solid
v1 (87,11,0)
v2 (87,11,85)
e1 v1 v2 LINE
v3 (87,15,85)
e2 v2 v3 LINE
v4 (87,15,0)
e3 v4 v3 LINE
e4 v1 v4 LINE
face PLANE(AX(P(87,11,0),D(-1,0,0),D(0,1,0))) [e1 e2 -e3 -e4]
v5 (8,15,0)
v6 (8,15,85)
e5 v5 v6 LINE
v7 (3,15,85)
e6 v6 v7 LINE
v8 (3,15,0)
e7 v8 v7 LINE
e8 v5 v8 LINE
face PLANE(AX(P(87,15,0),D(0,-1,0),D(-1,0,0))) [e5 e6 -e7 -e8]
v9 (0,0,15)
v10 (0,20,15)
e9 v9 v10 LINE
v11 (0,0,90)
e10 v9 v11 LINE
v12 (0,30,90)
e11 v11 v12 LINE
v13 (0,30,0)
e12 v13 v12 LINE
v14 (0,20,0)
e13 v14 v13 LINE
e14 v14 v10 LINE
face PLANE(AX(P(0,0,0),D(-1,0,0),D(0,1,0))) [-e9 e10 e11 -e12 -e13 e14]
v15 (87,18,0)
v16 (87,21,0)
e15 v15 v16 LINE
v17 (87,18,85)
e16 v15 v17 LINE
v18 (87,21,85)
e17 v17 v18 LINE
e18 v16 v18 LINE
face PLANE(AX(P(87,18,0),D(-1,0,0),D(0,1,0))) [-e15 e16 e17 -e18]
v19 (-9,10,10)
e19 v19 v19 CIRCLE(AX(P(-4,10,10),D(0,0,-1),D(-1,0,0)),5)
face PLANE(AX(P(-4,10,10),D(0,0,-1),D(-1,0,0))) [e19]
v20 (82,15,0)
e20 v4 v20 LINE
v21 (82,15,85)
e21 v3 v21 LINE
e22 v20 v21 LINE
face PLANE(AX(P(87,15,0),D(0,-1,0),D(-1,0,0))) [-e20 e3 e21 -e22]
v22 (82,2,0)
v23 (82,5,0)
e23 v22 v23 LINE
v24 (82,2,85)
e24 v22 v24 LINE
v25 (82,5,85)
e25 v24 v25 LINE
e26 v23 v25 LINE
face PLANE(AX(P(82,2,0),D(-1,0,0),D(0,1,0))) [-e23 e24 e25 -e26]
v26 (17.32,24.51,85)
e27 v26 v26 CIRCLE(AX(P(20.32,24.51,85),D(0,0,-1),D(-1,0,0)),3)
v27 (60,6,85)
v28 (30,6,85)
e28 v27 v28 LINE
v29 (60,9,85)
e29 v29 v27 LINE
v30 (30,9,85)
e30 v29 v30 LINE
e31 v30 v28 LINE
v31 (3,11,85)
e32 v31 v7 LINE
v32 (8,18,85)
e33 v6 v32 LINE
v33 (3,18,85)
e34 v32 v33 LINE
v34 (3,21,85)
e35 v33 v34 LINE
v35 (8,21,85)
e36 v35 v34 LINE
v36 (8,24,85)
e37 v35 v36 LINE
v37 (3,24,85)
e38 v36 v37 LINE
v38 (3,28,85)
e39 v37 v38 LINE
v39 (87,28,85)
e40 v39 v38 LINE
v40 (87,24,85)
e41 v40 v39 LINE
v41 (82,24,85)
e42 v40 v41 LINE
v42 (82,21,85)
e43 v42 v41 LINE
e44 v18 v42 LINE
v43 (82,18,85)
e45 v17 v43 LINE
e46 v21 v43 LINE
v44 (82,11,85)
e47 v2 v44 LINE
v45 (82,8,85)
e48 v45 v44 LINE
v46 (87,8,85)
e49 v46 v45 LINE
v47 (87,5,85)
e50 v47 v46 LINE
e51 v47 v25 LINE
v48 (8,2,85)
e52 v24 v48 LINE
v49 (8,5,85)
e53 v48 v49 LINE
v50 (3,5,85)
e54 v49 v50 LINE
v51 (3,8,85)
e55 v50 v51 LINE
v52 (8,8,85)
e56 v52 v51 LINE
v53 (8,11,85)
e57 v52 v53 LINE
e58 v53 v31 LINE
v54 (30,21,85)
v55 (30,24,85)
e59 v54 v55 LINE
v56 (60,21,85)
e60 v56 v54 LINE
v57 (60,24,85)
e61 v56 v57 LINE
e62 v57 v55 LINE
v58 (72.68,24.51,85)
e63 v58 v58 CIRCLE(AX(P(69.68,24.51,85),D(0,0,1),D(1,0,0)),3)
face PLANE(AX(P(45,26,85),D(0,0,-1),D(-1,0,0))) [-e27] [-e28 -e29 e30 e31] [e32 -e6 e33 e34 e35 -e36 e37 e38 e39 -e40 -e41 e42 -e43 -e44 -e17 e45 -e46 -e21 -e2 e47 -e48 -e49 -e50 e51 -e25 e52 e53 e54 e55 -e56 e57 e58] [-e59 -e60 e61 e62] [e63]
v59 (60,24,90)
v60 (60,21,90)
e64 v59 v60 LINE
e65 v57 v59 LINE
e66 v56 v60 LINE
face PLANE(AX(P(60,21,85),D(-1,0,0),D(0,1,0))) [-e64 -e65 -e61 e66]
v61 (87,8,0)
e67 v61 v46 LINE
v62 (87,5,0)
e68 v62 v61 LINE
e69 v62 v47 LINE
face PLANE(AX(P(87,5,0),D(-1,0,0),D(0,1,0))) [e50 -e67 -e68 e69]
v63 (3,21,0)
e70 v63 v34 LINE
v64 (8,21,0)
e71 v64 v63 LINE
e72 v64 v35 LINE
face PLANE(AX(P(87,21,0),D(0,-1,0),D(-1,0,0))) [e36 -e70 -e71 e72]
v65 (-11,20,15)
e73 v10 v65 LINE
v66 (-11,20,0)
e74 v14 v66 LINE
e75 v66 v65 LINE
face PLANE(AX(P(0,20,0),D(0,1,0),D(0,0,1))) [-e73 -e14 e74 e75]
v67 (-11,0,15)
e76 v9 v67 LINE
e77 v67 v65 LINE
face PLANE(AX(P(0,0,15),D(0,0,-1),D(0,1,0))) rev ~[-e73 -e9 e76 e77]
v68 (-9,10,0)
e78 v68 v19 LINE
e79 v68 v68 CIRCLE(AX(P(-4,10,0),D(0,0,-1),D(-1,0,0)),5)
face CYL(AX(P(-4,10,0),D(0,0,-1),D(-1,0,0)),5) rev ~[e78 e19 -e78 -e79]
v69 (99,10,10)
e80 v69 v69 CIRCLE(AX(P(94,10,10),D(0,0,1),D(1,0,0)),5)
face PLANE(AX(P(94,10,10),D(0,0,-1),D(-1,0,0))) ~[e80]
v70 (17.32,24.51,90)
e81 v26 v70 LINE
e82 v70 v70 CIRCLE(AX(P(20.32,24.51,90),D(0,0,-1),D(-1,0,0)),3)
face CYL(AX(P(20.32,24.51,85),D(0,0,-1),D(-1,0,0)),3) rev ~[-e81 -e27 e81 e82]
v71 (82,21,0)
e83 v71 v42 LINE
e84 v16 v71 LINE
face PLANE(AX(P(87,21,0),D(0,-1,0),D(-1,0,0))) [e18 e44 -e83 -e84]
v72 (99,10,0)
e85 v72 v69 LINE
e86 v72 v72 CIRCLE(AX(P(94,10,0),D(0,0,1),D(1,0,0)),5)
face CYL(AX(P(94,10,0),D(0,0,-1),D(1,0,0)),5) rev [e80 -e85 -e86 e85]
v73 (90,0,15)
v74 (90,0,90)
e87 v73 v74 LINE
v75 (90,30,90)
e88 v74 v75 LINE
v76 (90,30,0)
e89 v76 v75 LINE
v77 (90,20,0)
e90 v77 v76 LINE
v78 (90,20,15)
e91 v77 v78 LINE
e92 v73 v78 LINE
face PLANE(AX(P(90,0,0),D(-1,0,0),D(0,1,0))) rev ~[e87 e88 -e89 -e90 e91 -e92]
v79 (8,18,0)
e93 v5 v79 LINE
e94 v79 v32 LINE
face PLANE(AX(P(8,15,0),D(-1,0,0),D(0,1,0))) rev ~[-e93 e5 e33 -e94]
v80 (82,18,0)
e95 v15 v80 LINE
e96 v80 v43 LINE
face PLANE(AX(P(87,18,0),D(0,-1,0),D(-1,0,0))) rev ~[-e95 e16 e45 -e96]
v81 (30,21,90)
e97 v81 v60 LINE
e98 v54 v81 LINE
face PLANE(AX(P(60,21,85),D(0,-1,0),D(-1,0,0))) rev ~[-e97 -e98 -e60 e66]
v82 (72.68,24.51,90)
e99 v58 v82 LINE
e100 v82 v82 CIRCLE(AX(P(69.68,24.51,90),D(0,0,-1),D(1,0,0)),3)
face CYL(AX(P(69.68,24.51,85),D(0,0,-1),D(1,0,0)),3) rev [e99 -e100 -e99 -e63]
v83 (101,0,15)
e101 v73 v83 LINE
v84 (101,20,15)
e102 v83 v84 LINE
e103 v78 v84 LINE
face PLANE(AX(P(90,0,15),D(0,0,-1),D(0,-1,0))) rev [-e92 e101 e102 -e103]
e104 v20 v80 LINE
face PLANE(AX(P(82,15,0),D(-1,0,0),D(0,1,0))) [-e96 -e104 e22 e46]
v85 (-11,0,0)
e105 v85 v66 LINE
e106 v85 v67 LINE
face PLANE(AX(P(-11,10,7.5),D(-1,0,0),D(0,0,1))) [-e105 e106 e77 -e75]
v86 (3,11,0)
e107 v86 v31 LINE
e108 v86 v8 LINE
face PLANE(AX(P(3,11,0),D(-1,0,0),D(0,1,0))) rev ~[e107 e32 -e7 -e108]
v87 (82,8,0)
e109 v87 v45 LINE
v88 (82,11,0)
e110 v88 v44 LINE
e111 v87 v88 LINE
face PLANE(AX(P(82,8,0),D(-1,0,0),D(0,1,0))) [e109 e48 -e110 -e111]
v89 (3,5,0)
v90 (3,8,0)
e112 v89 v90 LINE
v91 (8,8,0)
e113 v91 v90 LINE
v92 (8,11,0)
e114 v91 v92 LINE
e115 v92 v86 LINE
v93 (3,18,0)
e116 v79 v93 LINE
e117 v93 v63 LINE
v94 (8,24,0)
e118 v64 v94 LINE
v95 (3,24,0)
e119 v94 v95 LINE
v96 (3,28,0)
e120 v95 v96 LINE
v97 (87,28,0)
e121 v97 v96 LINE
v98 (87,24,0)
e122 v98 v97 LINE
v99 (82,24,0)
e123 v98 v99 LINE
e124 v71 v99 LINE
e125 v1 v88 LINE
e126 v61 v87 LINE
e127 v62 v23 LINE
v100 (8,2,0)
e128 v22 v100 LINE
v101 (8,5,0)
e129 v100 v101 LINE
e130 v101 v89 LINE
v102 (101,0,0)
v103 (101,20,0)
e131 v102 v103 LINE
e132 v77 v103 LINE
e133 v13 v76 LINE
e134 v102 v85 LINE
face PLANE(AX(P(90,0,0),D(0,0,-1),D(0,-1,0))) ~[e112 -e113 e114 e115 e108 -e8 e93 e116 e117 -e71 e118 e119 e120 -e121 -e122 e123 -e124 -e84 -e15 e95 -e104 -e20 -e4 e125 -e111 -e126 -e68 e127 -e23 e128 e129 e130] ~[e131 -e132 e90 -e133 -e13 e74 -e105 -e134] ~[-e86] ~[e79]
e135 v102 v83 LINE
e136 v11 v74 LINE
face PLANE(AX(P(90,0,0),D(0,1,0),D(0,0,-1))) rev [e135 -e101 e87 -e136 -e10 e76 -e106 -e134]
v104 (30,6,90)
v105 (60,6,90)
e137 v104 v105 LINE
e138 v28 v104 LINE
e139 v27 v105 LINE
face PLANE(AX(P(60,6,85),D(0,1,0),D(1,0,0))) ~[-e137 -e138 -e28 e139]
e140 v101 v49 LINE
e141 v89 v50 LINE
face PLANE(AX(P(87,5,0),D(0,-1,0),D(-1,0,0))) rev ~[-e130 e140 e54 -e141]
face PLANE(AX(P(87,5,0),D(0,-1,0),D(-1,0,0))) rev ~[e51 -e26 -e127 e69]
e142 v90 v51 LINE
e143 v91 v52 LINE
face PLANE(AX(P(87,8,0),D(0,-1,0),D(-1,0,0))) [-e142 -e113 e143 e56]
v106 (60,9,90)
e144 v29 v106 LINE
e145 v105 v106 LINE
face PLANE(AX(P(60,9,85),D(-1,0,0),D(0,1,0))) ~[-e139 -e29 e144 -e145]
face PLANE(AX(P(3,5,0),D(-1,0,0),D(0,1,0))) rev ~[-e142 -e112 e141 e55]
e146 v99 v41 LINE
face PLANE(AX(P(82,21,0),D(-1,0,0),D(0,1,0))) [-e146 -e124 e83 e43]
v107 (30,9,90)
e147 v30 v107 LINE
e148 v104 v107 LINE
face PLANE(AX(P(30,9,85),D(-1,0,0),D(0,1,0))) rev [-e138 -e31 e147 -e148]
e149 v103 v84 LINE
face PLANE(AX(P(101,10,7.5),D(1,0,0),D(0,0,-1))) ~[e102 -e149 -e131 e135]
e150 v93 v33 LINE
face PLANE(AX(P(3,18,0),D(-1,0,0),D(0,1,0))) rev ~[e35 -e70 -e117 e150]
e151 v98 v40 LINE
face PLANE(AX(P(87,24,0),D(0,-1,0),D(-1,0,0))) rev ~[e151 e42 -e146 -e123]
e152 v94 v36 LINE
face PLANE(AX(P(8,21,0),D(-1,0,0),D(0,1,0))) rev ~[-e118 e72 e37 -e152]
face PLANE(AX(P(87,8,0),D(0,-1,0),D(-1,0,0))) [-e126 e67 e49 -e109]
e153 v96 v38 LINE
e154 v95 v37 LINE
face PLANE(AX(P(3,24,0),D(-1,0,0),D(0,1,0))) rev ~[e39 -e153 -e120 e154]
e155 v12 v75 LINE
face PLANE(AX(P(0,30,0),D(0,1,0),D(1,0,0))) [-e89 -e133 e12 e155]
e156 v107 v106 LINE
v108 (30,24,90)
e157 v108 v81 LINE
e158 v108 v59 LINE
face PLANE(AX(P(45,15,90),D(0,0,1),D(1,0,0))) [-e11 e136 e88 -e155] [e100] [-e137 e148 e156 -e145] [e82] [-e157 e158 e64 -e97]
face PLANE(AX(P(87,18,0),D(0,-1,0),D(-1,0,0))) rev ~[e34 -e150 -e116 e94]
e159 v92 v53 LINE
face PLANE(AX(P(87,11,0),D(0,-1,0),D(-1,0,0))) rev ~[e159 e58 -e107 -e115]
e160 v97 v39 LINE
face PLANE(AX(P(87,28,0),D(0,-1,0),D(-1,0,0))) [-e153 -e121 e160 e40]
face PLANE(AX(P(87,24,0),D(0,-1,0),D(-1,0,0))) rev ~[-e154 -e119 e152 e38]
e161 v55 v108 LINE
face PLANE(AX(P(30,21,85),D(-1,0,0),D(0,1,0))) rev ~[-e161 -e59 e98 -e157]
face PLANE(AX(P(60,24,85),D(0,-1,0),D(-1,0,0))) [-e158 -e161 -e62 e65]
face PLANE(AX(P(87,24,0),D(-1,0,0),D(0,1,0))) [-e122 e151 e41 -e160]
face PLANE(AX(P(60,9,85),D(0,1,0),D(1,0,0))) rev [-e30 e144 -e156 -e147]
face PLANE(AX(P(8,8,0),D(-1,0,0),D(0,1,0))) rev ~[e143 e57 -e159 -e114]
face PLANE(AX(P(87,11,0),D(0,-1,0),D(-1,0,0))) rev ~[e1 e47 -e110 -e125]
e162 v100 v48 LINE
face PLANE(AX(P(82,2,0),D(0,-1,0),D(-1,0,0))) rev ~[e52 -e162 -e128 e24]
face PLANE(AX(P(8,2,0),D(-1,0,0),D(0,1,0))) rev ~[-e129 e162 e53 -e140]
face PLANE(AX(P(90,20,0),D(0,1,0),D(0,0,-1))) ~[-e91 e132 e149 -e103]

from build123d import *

# Parameters (mm, degrees)
SKETCH1_W           = 90
SKETCH1_H           = 30
BOSS_EXTRUDE1_DEPTH = 90
SKETCH2_W           = 84
SKETCH2_H           = 4
CUT_EXTRUDE1_DEPTH  = 85
SKETCH3_W           = 74
SKETCH3_H           = 3
CUT_EXTRUDE2_DEPTH  = 85
SKETCH4_W           = 84
SKETCH4_H           = 3
CUT_EXTRUDE3_DEPTH  = 85
SKETCH5_W           = 74
SKETCH5_H           = 3
CUT_EXTRUDE4_DEPTH  = 85
SKETCH7_W           = 84
SKETCH7_H           = 4
CUT_EXTRUDE5_DEPTH  = 85
SKETCH8_W           = 74
SKETCH8_H           = 3
CUT_EXTRUDE6_DEPTH  = 85
SKETCH9_W           = 84
SKETCH9_H           = 3
CUT_EXTRUDE7_DEPTH  = 85
SKETCH10_W          = 74
SKETCH10_H          = 3
CUT_EXTRUDE8_DEPTH  = 85
SKETCH11_R          = 3
CUT_EXTRUDE9_DEPTH  = 85
SKETCH12_W          = 30
SKETCH12_H          = 3
CUT_EXTRUDE10_DEPTH = 85
SKETCH13_W          = 15
SKETCH13_H          = 20
BOSS_EXTRUDE2_DEPTH = 11
SKETCH14_R          = 5
CUT_EXTRUDE11_DEPTH = 10


with BuildPart() as part:
    # Sketch1 → Boss-Extrude1 (new body)
    with BuildSketch(Plane.XY):
        with Locations((45, 15)):
            Rectangle(SKETCH1_W, SKETCH1_H)
    extrude(amount=BOSS_EXTRUDE1_DEPTH)

    # Sketch2 → Cut-Extrude1 (cut)
    with BuildSketch(Plane(origin=(0, 0, 0), x_dir=(-1, 0, 0), z_dir=(0, 0, -1))):
        with Locations((-45, 26)):
            Rectangle(SKETCH2_W, SKETCH2_H)
    extrude(amount=-CUT_EXTRUDE1_DEPTH, mode=Mode.SUBTRACT)

    # Sketch3 → Cut-Extrude2 (cut)
    with BuildSketch(Plane(origin=(0, 0, 0), x_dir=(-1, 0, 0), z_dir=(0, 0, -1))):
        with Locations((-45, 22.5)):
            Rectangle(SKETCH3_W, SKETCH3_H)
    extrude(amount=-CUT_EXTRUDE2_DEPTH, mode=Mode.SUBTRACT)

    # Sketch4 → Cut-Extrude3 (cut)
    with BuildSketch(Plane(origin=(0, 0, 0), x_dir=(-1, 0, 0), z_dir=(0, 0, -1))):
        with Locations((-45, 19.5)):
            Rectangle(SKETCH4_W, SKETCH4_H)
    extrude(amount=-CUT_EXTRUDE3_DEPTH, mode=Mode.SUBTRACT)

    # Sketch5 → Cut-Extrude4 (cut)
    with BuildSketch(Plane(origin=(0, 0, 0), x_dir=(-1, 0, 0), z_dir=(0, 0, -1))):
        with Locations((-45, 16.5)):
            Rectangle(SKETCH5_W, SKETCH5_H)
    extrude(amount=-CUT_EXTRUDE4_DEPTH, mode=Mode.SUBTRACT)

    # Sketch7 → Cut-Extrude5 (cut)
    with BuildSketch(Plane(origin=(0, 0, 0), x_dir=(-1, 0, 0), z_dir=(0, 0, -1))):
        with Locations((-45, 13)):
            Rectangle(SKETCH7_W, SKETCH7_H)
    extrude(amount=-CUT_EXTRUDE5_DEPTH, mode=Mode.SUBTRACT)

    # Sketch8 → Cut-Extrude6 (cut)
    with BuildSketch(Plane(origin=(0, 0, 0), x_dir=(-1, 0, 0), z_dir=(0, 0, -1))):
        with Locations((-45, 9.5)):
            Rectangle(SKETCH8_W, SKETCH8_H)
    extrude(amount=-CUT_EXTRUDE6_DEPTH, mode=Mode.SUBTRACT)

    # Sketch9 → Cut-Extrude7 (cut)
    with BuildSketch(Plane(origin=(0, 0, 0), x_dir=(-1, 0, 0), z_dir=(0, 0, -1))):
        with Locations((-45, 6.5)):
            Rectangle(SKETCH9_W, SKETCH9_H)
    extrude(amount=-CUT_EXTRUDE7_DEPTH, mode=Mode.SUBTRACT)

    # Sketch10 → Cut-Extrude8 (cut)
    with BuildSketch(Plane(origin=(0, 0, 0), x_dir=(-1, 0, 0), z_dir=(0, 0, -1))):
        with Locations((-45, 3.5)):
            Rectangle(SKETCH10_W, SKETCH10_H)
    extrude(amount=-CUT_EXTRUDE8_DEPTH, mode=Mode.SUBTRACT)

    # Sketch11 → Cut-Extrude9 (cut)
    with BuildSketch(Plane(origin=(0, 0, 85), x_dir=(-1, 0, 0), z_dir=(0, 0, -1))):
        with Locations((-20.32, 24.51)):
            Circle(SKETCH11_R)
    cut_extrude9 = extrude(amount=-CUT_EXTRUDE9_DEPTH, mode=Mode.SUBTRACT)

    # Mirror1: Cut-Extrude9 across plane
    add(cut_extrude9.mirror(Plane.ZY.offset(-45)), mode=Mode.SUBTRACT)

    # Sketch12 → Cut-Extrude10 (cut)
    with BuildSketch(Plane(origin=(0, 0, 85), x_dir=(-1, 0, 0), z_dir=(0, 0, -1))):
        with Locations((-45, 22.5)):
            Rectangle(SKETCH12_W, SKETCH12_H)
    cut_extrude10 = extrude(amount=-CUT_EXTRUDE10_DEPTH, mode=Mode.SUBTRACT)

    # Mirror2: Cut-Extrude10 across plane
    add(cut_extrude10.mirror(Plane.ZX.offset(15)), mode=Mode.SUBTRACT)

    # Sketch13 → Boss-Extrude2 (add)
    with BuildSketch(Plane.ZY):
        with Locations((7.5, 10)):
            Rectangle(SKETCH13_W, SKETCH13_H)
    boss_extrude2 = extrude(amount=BOSS_EXTRUDE2_DEPTH)

    # Mirror3: Boss-Extrude2 across plane
    add(boss_extrude2.mirror(Plane.ZY.offset(-45)))

    # Sketch14 → Cut-Extrude11 (cut)
    with BuildSketch(Plane(origin=(0, 0, 0), x_dir=(-1, 0, 0), z_dir=(0, 0, -1))):
        with Locations((4, 10)):
            Circle(SKETCH14_R)
    cut_extrude11 = extrude(amount=-CUT_EXTRUDE11_DEPTH, mode=Mode.SUBTRACT)

    # Mirror4: Cut-Extrude11 across plane
    add(cut_extrude11.mirror(Plane.ZY.offset(-45)), mode=Mode.SUBTRACT)


solid = part.part
